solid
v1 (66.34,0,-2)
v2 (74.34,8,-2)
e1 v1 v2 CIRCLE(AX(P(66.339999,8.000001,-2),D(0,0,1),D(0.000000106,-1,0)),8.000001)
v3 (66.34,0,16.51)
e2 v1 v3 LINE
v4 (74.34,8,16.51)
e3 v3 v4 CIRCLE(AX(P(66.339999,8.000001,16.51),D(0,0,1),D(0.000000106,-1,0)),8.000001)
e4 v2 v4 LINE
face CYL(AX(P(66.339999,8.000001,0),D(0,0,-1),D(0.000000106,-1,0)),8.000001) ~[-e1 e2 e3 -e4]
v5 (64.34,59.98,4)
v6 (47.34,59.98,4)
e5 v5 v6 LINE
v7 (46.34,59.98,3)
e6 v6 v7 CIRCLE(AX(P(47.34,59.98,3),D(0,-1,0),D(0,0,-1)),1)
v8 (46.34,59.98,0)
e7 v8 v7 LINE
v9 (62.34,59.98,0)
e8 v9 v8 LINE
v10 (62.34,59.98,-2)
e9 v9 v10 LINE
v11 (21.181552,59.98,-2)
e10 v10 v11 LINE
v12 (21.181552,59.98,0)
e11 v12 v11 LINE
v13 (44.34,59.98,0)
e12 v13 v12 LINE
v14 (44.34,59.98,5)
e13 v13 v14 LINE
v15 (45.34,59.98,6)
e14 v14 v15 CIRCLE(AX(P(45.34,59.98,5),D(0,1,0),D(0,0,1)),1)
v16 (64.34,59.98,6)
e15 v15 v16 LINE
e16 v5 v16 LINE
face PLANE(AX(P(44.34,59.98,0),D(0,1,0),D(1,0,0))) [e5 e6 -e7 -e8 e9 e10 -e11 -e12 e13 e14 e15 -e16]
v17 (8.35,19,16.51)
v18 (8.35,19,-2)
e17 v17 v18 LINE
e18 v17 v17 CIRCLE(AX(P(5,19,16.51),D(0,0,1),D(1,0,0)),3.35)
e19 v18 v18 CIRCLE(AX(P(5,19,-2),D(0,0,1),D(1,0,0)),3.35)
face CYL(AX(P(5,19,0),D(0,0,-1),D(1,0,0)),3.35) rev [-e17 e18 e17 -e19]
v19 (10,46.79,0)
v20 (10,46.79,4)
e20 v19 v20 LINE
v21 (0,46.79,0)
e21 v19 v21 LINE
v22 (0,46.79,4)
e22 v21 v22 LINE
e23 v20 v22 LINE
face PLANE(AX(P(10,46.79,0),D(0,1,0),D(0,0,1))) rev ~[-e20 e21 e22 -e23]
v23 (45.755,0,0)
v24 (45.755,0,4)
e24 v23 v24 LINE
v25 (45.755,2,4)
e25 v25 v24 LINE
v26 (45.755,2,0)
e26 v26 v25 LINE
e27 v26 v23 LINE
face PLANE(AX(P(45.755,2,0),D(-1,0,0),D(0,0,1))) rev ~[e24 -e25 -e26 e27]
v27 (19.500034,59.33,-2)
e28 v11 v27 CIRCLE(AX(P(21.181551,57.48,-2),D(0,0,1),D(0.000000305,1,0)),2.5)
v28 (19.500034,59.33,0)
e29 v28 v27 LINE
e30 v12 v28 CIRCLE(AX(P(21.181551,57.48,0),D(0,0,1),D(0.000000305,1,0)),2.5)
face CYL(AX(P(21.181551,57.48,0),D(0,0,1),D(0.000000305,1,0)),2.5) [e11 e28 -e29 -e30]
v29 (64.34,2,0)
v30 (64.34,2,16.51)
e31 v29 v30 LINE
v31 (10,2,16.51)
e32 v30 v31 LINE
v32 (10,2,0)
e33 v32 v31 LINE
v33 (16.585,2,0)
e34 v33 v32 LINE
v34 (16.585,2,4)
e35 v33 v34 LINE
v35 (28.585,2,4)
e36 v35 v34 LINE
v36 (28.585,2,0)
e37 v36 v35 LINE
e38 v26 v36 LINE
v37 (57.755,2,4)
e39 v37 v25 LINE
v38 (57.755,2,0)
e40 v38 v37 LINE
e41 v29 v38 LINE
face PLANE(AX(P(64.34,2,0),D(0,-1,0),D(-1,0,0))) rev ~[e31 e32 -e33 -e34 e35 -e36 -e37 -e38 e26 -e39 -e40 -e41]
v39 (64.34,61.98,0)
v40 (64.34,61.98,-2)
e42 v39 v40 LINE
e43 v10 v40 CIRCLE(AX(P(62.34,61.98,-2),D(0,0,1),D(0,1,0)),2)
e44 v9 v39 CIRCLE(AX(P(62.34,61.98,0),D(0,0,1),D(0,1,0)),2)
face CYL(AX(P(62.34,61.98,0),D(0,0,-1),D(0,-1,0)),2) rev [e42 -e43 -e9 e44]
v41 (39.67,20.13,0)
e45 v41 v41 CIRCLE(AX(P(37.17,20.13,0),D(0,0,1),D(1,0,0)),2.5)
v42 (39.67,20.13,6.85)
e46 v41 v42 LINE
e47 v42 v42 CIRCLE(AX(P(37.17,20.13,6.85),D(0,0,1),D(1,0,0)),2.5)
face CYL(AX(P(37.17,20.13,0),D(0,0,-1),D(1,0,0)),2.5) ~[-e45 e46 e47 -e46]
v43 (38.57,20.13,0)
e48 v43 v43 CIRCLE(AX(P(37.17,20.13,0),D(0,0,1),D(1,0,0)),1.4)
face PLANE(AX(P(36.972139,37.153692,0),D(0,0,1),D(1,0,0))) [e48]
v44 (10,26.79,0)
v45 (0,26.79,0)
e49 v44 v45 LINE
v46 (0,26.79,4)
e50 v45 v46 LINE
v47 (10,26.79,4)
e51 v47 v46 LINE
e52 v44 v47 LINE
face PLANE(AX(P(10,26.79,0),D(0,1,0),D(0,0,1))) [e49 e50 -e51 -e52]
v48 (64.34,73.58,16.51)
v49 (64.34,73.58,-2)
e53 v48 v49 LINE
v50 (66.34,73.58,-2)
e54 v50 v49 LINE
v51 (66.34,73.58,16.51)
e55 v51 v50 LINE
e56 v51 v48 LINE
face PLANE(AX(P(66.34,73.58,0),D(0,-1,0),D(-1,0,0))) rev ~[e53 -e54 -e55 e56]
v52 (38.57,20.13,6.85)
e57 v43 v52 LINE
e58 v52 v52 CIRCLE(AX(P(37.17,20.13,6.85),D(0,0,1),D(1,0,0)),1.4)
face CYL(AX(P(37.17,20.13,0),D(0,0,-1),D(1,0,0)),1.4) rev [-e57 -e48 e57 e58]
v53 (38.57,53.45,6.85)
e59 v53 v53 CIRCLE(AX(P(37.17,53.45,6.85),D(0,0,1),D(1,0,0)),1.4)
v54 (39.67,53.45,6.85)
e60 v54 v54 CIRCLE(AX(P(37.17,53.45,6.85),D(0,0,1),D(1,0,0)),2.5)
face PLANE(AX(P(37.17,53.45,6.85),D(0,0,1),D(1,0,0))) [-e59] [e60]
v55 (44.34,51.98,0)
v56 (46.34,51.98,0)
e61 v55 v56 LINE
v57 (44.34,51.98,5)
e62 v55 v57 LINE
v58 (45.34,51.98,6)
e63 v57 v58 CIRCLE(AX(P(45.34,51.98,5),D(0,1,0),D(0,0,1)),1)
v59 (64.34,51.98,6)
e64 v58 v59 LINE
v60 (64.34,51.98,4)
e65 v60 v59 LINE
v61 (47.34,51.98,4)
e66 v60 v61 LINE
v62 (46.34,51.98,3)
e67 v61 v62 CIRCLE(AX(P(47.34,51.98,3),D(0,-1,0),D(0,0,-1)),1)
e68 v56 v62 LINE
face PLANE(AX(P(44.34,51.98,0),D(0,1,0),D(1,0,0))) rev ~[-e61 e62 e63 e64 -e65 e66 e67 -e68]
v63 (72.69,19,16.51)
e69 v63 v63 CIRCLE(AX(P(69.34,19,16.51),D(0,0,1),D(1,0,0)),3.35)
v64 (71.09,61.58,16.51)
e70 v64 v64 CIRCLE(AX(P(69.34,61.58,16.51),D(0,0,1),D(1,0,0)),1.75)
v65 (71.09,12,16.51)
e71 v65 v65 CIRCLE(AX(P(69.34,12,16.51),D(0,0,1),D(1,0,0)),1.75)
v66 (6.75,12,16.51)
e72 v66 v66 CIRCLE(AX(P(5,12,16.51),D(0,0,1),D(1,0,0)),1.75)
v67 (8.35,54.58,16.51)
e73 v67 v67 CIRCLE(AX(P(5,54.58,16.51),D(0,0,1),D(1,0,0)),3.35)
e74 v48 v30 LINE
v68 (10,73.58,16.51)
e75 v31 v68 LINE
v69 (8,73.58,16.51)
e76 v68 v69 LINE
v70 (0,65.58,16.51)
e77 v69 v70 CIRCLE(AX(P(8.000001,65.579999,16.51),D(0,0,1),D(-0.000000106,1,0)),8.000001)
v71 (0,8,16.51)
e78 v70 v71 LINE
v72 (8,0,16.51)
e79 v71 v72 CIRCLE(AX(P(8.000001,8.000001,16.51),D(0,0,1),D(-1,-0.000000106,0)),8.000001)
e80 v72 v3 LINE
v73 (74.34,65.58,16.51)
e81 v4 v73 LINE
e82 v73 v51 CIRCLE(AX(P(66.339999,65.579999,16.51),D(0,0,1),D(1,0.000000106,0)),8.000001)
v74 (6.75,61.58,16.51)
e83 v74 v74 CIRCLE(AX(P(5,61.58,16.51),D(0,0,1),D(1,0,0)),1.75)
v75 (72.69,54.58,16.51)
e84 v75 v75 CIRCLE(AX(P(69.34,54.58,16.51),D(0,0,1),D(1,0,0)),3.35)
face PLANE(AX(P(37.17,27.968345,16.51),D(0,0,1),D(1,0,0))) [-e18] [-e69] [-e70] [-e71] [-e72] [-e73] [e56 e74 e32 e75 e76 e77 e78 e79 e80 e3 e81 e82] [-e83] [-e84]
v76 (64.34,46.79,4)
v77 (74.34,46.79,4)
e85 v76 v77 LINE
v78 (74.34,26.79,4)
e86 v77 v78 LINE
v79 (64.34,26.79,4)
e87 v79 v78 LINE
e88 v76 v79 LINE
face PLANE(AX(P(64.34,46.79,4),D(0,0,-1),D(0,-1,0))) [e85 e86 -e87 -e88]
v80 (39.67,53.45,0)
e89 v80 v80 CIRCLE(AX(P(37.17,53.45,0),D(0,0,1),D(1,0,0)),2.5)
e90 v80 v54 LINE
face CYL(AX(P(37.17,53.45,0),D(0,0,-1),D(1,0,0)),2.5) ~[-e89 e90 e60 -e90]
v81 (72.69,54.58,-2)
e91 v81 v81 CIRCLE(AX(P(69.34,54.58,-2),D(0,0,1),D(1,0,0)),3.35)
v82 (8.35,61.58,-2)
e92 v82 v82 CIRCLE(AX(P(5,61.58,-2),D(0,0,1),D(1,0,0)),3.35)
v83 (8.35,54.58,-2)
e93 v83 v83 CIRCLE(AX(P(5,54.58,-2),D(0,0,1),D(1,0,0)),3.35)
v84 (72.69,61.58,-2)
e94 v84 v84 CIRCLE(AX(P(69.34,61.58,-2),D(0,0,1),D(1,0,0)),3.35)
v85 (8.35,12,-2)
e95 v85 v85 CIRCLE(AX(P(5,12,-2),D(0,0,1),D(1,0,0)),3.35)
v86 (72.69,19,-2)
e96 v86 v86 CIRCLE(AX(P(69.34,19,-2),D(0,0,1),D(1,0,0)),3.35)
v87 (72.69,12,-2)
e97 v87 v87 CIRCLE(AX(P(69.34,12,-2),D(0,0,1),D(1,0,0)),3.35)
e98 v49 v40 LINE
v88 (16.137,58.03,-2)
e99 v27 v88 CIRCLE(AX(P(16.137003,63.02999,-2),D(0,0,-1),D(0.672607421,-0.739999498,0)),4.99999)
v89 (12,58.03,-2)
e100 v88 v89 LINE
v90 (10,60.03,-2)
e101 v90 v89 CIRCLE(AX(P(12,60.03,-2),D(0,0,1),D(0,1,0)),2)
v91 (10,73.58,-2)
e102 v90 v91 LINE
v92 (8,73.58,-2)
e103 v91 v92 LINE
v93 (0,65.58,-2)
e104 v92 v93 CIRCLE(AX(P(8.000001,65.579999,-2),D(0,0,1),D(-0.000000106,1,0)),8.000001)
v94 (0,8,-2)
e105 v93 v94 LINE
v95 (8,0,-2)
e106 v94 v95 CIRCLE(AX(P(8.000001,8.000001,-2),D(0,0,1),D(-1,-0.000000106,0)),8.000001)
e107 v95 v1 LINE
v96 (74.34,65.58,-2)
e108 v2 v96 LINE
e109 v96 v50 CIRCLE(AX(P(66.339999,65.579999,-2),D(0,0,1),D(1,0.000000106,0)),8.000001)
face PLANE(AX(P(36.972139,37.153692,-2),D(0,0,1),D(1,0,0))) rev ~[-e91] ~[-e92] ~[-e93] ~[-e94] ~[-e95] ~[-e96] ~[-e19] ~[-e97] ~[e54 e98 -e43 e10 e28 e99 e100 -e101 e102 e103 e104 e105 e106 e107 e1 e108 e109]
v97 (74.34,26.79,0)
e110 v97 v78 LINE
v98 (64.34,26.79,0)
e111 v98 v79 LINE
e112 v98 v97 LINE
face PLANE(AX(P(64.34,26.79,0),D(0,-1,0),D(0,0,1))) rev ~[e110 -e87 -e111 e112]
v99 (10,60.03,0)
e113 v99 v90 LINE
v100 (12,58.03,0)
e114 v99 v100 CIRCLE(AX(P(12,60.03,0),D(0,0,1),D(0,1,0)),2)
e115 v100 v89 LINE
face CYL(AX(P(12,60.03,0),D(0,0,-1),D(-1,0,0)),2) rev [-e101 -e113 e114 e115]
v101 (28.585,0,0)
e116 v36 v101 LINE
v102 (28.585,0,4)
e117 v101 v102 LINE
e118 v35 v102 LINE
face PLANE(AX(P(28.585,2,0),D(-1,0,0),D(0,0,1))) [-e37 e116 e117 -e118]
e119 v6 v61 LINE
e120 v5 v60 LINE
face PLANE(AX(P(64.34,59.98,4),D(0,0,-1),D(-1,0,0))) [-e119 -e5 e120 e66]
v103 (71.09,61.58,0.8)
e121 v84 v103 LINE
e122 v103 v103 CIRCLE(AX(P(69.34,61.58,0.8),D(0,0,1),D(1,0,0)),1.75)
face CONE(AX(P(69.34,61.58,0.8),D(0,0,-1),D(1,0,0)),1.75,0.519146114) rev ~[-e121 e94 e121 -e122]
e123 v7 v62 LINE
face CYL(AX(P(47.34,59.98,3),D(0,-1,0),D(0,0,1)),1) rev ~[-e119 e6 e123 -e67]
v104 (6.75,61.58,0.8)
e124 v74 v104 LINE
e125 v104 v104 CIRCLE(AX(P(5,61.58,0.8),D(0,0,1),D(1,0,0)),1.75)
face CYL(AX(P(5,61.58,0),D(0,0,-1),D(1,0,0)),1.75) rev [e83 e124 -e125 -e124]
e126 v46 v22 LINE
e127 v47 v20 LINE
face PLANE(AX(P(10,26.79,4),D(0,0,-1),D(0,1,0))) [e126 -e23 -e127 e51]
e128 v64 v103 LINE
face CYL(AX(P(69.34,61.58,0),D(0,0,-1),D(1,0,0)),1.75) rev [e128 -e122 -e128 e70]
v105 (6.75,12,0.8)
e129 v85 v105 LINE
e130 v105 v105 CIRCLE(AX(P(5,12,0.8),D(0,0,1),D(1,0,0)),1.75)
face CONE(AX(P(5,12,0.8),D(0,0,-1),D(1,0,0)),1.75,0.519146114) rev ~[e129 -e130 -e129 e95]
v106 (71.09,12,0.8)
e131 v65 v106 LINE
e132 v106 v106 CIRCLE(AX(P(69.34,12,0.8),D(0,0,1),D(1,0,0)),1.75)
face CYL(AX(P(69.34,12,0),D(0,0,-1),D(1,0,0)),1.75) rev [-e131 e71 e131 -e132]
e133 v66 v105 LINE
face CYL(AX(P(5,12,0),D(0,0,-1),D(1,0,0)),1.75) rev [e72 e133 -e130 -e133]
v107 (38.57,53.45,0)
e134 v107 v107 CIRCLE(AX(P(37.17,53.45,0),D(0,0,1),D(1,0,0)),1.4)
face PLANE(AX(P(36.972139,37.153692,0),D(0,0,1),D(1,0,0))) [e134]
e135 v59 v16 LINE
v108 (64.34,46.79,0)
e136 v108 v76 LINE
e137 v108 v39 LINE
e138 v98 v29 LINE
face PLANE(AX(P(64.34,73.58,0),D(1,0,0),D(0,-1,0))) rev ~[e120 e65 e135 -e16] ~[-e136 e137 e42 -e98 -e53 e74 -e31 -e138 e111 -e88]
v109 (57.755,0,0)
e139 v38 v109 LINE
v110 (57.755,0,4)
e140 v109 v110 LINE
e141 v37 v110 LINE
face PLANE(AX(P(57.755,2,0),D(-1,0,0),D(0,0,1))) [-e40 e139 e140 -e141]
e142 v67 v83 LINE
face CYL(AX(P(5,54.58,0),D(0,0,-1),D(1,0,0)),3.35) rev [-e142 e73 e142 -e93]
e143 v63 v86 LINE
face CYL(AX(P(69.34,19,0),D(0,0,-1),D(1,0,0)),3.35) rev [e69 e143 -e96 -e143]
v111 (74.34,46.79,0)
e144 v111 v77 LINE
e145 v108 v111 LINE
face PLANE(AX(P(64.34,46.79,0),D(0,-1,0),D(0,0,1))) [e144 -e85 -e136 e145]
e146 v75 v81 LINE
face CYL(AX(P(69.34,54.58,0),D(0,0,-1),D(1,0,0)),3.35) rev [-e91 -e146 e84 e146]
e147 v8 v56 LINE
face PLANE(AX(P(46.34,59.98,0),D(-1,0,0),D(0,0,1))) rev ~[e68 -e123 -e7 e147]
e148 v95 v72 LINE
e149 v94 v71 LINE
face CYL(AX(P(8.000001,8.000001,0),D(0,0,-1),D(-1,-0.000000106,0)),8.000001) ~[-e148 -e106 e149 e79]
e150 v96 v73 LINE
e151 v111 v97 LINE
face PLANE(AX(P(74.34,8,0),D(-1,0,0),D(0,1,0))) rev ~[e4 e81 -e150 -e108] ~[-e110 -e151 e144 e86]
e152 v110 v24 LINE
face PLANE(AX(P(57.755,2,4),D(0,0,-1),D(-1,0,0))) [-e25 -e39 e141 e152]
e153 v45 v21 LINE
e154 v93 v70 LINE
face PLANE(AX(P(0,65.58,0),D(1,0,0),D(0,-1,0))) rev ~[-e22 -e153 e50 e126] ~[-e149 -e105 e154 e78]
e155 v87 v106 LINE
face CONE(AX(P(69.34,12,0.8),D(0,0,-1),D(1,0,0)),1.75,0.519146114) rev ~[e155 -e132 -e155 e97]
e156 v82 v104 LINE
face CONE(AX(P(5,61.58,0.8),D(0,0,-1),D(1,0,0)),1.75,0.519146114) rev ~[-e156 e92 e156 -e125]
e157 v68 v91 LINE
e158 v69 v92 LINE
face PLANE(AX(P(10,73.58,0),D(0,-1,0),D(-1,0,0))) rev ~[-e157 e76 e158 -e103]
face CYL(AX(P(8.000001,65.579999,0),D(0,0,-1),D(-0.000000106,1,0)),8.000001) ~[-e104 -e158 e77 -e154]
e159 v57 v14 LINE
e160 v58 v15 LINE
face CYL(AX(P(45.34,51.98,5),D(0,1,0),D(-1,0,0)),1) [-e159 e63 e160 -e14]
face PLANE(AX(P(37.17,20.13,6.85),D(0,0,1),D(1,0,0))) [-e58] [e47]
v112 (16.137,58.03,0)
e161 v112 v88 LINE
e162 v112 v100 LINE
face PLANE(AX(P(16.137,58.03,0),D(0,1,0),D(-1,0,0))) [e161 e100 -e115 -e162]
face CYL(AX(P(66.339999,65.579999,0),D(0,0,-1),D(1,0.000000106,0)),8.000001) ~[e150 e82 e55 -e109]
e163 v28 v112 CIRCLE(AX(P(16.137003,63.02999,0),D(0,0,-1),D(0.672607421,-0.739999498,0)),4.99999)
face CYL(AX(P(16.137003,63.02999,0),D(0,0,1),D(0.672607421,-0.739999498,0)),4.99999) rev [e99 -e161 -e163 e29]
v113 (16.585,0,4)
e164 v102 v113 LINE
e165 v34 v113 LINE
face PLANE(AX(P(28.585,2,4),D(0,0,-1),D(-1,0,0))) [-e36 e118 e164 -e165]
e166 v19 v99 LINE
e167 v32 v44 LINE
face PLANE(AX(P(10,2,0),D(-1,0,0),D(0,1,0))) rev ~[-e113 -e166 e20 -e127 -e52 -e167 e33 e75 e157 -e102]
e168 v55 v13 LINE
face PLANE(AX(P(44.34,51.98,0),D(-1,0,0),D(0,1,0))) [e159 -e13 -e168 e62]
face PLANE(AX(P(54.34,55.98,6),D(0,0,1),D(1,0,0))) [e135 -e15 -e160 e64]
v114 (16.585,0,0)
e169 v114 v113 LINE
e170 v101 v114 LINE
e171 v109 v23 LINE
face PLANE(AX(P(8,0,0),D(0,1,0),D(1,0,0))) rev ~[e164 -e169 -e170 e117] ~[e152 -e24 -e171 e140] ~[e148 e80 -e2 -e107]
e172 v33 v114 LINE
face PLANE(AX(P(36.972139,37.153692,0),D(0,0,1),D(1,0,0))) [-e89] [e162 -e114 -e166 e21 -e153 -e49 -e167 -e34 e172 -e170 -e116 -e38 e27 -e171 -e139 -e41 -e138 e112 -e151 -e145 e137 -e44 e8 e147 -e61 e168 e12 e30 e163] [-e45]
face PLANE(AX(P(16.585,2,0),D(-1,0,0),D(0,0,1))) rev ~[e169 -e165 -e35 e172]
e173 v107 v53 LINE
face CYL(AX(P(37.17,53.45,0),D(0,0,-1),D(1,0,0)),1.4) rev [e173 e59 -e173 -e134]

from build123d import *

# Parameters (mm, degrees)
F1_R      = 1.75
F1_R_2    = 3.35
F2_DEPTH  = 2
F3_R      = 2
F4_R      = 1.75
F4_R_2    = 3.35
F5_DEPTH  = 16.51
F6_SIZE2  = 2.8
F6_SIZE   = 1.6
F7_R      = 2.5
F7_R_2    = 1.4
F8_DEPTH  = 6.85
F9_W      = 20
F9_H      = 4
F10_DEPTH = 10.001
F11_W     = 20
F11_H     = 4
F12_DEPTH = 10.001
F13_W     = 12
F13_H     = 4
F14_DEPTH = 2.001
F15_W     = 20
F15_H     = 8
F16_DEPTH = 6
F17_W     = 18
F17_H     = 4
F18_DEPTH = 8
F19_R     = 1


with BuildPart() as f2:
    # F1 (on Top) → F2 (new body)
    with BuildSketch(Plane.XY):
        with BuildLine():
            ThreePointArc((8, 73.58), (2.343146, 71.236854), (0, 65.58))
            Line((0, 65.58), (0, 8))
            ThreePointArc((0, 8), (2.343146, 2.343146), (8, 0))
            Line((8, 0), (66.34, 0))
            ThreePointArc((66.34, 0), (71.996854, 2.343146), (74.34, 8))
            Line((74.34, 8), (74.34, 65.58))
            ThreePointArc((74.34, 65.58), (71.996854, 71.236854), (66.34, 73.58))
            Line((66.34, 73.58), (64.34, 73.58))
            Line((64.34, 73.58), (64.34, 59.98))
            Line((64.34, 59.98), (21.181552, 59.98))
            ThreePointArc((21.181552, 59.98), (20.280164, 59.811845), (19.500034, 59.33))
            ThreePointArc((19.500034, 59.33), (17.939776, 58.36631), (16.137, 58.03))
            Line((16.137, 58.03), (10, 58.03))
            Line((10, 58.03), (10, 73.58))
            Line((10, 73.58), (8, 73.58))
        make_face()
        with Locations((5, 12)):
            Circle(F1_R, mode=Mode.SUBTRACT)
        with Locations((5, 19)):
            Circle(F1_R_2, mode=Mode.SUBTRACT)
        with Locations((69.34, 12)):
            Circle(F1_R, mode=Mode.SUBTRACT)
        with Locations((69.34, 19)):
            Circle(F1_R_2, mode=Mode.SUBTRACT)
        with Locations((5, 54.58)):
            Circle(F1_R_2, mode=Mode.SUBTRACT)
        with Locations((5, 61.58)):
            Circle(F1_R, mode=Mode.SUBTRACT)
        with Locations((69.34, 54.58)):
            Circle(F1_R_2, mode=Mode.SUBTRACT)
        with Locations((69.34, 61.58)):
            Circle(F1_R, mode=Mode.SUBTRACT)
    extrude(amount=-F2_DEPTH)

    # F3
    f3_edges = [f2.edges().sort_by_distance(p)[0] for p in [
        (10, 58.03, -1),
        (64.34, 59.98, -1),
    ]]
    fillet(f3_edges, radius=F3_R)

    # F4 (on face) → F5 (join)
    with BuildSketch(Plane.XY):
        with BuildLine():
            ThreePointArc((8, 73.58), (2.343146, 71.236854), (0, 65.58))
            Line((0, 65.58), (0, 8))
            ThreePointArc((0, 8), (2.343146, 2.343146), (8, 0))
            Line((8, 0), (66.34, 0))
            ThreePointArc((66.34, 0), (71.996854, 2.343146), (74.34, 8))
            Line((74.34, 8), (74.34, 65.58))
            ThreePointArc((74.34, 65.58), (71.996854, 71.236854), (66.34, 73.58))
            Line((66.34, 73.58), (64.34, 73.58))
            Line((64.34, 73.58), (64.34, 2))
            Line((64.34, 2), (10, 2))
            Line((10, 2), (10, 73.58))
            Line((10, 73.58), (8, 73.58))
        make_face()
        with Locations((5, 12)):
            Circle(F4_R, mode=Mode.SUBTRACT)
        with Locations((5, 19)):
            Circle(F4_R_2, mode=Mode.SUBTRACT)
        with Locations((69.34, 12)):
            Circle(F4_R, mode=Mode.SUBTRACT)
        with Locations((69.34, 19)):
            Circle(F4_R_2, mode=Mode.SUBTRACT)
        with Locations((5, 54.58)):
            Circle(F4_R_2, mode=Mode.SUBTRACT)
        with Locations((5, 61.58)):
            Circle(F4_R, mode=Mode.SUBTRACT)
        with Locations((69.34, 54.58)):
            Circle(F4_R_2, mode=Mode.SUBTRACT)
        with Locations((69.34, 61.58)):
            Circle(F4_R, mode=Mode.SUBTRACT)
    extrude(amount=F5_DEPTH)

    # F6
    f6_edges = [f2.edges().sort_by_distance(p)[0] for p in [
        (3.25, 61.58, -2),
        (3.25, 12, -2),
        (67.59, 12, -2),
        (67.59, 61.58, -2),
    ]]
    chamfer(f6_edges, length=F6_SIZE, length2=F6_SIZE2)

    # F7 (on face) → F8 (join)
    with BuildSketch(Plane.XY):
        with Locations((37.17, 53.45)):
            Circle(F7_R)
        with Locations((37.17, 53.45)):
            Circle(F7_R_2, mode=Mode.SUBTRACT)
        with Locations((37.17, 20.13)):
            Circle(F7_R)
        with Locations((37.17, 20.13)):
            Circle(F7_R_2, mode=Mode.SUBTRACT)
    extrude(amount=F8_DEPTH)

    # F9 (on face) → F10 (cut, through all)
    with BuildSketch(Plane.YZ.offset(10)):
        with Locations((36.79, 2)):
            Rectangle(F9_W, F9_H)
    extrude(amount=-F10_DEPTH, mode=Mode.SUBTRACT)

    # F11 (on face) → F12 (cut, through all)
    with BuildSketch(Plane(origin=(64.34, 0, 0), x_dir=(0, -1, 0), z_dir=(-1, 0, 0))):
        with Locations((-36.79, 2)):
            Rectangle(F11_W, F11_H)
    extrude(amount=-F12_DEPTH, mode=Mode.SUBTRACT)

    # F13 (on face) → F14 (cut, through all)
    with BuildSketch(Plane(origin=(0, 2, 0), x_dir=(-1, 0, 0), z_dir=(0, 1, 0))):
        with Locations((-51.755, 2)):
            Rectangle(F13_W, F13_H)
        with Locations((-22.585, 2)):
            Rectangle(F13_W, F13_H)
    extrude(amount=-F14_DEPTH, mode=Mode.SUBTRACT)

    # F15 (on face) → F16 (join)
    with BuildSketch(Plane.XY):
        with Locations((54.34, 55.98)):
            Rectangle(F15_W, F15_H)
    extrude(amount=F16_DEPTH)

    # F17 (on face) → F18 (cut, through all)
    with BuildSketch(Plane(origin=(0, 59.98, 0), x_dir=(-1, 0, 0), z_dir=(0, 1, 0))):
        with Locations((-55.34, 2)):
            Rectangle(F17_W, F17_H)
    extrude(amount=-F18_DEPTH, mode=Mode.SUBTRACT)

    # F19
    f19_edges = [f2.edges().sort_by_distance(p)[0] for p in [
        (46.34, 55.98, 4),
        (44.34, 55.98, 6),
    ]]
    fillet(f19_edges, radius=F19_R)


solid = f2.part
